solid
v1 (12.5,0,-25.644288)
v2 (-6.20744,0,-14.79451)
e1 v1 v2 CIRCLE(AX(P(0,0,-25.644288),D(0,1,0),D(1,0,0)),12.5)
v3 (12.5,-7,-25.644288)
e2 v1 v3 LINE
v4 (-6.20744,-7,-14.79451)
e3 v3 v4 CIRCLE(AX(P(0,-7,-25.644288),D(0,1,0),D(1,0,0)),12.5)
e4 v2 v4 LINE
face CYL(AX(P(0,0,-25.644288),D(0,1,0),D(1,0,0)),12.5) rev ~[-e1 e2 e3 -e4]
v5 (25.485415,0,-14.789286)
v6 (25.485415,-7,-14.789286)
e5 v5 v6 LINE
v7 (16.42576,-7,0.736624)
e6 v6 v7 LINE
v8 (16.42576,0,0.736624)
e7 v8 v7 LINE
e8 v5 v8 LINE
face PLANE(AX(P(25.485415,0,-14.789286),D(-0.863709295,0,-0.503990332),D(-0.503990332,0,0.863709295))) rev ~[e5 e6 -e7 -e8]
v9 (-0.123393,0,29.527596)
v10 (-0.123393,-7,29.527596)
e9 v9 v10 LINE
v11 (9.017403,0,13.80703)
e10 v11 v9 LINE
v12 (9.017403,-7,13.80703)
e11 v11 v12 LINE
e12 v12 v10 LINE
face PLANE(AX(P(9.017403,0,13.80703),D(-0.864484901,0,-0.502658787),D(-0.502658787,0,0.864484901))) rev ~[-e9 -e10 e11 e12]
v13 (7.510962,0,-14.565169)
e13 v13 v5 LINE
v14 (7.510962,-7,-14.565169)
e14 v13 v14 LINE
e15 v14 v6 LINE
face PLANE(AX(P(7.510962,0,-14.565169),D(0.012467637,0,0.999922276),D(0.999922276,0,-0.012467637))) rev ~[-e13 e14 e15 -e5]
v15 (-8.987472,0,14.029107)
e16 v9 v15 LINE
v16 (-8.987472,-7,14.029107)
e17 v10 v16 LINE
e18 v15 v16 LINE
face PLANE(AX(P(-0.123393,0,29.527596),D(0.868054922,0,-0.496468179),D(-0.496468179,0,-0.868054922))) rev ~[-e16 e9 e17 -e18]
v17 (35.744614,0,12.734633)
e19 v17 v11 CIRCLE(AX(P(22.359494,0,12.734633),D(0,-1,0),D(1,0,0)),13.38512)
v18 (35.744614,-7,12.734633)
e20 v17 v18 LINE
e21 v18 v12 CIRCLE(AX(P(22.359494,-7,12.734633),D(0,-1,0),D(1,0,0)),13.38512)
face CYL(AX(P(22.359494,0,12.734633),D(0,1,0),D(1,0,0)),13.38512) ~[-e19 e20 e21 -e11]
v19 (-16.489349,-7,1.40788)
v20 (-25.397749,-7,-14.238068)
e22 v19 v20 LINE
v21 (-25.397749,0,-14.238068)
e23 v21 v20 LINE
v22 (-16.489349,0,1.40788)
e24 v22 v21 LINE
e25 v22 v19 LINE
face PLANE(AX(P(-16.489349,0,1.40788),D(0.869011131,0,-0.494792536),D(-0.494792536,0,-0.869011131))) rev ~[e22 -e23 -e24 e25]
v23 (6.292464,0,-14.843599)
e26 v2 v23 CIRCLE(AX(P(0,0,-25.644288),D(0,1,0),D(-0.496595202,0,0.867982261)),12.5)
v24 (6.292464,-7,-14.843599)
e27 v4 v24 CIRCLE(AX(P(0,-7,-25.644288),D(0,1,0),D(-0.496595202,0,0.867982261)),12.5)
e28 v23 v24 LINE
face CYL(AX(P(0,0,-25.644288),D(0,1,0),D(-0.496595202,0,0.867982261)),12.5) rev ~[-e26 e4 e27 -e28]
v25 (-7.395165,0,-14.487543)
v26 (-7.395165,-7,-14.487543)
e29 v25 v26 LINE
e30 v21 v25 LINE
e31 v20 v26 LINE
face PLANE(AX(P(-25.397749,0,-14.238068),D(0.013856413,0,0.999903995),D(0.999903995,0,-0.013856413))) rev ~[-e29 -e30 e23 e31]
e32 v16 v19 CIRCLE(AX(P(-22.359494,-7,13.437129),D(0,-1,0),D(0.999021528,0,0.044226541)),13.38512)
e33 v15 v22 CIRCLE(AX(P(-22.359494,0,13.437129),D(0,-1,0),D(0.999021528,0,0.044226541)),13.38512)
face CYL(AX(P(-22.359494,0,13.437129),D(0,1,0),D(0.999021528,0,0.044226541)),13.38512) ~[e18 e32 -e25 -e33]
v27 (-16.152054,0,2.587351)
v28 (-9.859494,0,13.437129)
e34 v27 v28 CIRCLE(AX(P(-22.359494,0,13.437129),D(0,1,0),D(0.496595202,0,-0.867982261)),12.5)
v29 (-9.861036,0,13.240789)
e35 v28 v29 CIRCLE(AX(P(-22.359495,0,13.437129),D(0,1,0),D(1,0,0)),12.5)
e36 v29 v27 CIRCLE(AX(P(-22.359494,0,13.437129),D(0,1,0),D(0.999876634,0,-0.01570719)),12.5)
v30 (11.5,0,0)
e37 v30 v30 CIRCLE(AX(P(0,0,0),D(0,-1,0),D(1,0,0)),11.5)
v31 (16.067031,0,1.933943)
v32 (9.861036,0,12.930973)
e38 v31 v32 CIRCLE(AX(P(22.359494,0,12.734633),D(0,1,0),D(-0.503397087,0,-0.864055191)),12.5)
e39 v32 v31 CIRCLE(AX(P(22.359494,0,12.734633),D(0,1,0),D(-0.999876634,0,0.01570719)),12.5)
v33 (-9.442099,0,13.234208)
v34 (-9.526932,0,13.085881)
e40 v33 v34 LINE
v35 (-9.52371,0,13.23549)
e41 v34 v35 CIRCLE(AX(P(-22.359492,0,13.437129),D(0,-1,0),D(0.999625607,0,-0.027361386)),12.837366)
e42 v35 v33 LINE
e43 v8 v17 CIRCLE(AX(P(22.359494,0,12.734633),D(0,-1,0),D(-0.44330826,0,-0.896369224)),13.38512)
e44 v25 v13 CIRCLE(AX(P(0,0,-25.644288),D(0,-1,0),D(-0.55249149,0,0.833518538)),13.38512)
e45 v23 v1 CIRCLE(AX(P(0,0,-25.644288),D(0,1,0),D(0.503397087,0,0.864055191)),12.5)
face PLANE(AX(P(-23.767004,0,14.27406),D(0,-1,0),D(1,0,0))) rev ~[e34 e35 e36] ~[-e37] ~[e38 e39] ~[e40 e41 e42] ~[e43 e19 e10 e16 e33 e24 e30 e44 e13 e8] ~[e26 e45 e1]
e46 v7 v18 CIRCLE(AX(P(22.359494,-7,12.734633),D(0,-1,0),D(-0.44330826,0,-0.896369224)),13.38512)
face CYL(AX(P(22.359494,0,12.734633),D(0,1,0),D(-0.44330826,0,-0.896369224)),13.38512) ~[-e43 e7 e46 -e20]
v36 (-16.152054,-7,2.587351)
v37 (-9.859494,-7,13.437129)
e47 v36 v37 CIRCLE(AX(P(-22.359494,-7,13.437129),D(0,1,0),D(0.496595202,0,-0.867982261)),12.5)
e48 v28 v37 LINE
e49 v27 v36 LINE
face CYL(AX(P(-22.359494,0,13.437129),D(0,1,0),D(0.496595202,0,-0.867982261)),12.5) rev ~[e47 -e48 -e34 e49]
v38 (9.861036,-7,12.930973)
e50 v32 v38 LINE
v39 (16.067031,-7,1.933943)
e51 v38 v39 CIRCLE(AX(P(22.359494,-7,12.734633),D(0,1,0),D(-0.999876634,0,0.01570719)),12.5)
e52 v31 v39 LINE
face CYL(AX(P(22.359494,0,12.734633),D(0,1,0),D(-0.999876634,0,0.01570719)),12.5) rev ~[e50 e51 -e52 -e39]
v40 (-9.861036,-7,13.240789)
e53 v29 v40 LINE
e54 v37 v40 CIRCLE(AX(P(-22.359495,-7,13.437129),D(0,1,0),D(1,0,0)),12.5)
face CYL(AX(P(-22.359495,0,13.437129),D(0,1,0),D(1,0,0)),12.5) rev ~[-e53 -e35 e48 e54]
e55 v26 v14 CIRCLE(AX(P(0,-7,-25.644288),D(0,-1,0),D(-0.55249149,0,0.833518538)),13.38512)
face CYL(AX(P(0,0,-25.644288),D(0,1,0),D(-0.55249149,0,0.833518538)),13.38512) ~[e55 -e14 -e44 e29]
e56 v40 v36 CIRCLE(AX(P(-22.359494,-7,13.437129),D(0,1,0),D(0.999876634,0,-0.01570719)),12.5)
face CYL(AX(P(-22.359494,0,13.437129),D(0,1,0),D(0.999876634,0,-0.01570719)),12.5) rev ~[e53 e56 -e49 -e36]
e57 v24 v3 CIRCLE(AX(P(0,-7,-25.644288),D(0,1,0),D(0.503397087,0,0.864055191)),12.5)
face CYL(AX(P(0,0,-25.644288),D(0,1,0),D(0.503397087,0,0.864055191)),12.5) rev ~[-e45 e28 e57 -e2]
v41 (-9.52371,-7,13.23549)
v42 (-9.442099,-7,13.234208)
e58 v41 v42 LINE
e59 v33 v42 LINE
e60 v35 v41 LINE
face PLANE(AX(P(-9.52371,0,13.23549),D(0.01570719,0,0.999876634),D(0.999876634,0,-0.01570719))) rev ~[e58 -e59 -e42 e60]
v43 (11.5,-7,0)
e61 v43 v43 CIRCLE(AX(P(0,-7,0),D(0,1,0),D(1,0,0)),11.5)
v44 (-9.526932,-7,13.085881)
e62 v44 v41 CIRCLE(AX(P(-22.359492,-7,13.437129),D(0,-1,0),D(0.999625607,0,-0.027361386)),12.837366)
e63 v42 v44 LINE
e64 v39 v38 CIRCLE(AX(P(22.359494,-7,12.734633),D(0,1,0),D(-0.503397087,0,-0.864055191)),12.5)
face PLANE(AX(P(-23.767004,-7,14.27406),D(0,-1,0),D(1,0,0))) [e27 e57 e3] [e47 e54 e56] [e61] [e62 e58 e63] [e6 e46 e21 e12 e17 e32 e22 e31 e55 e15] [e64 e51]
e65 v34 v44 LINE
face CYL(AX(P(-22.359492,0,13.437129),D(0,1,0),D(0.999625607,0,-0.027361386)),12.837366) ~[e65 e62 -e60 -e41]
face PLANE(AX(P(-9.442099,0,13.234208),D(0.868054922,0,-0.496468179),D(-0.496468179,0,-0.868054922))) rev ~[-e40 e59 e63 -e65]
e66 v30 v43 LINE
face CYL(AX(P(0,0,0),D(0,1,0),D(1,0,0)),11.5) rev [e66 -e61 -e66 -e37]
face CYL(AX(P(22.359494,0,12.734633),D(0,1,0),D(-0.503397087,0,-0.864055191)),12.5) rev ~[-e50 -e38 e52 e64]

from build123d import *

# Parameters (mm, degrees)
F2_DEPTH = 7
F0_R     = 11.5
F3_DEPTH = 26.416


with BuildPart() as f2:
    # F1 (on Front) → F2 (new body)
    with BuildSketch(Plane.XZ):
        with BuildLine():
            ThreePointArc((-9.8594943471, 13.4371291696), (-9.8598798703, 13.3389562022), (-9.8610364161, 13.2407892906))
            Line((-9.8610364161, 13.2407892906), (-9.5237098666, 13.2354901845))
            Line((-9.5237098666, 13.2354901845), (-9.4420993874, 13.234208155))
            Line((-9.4420993874, 13.234208155), (-8.9874716534, 14.0291067183))
            ThreePointArc((-8.9874716534, 14.0291067183), (-33.8655402549, 20.2761595034), (-16.4893494105, 1.4078803666))
            Line((-16.4893494105, 1.4078803666), (-15.9845189072, 2.2945213217))
            Line((-15.9845189072, 2.2945213217), (-16.1520543214, 2.5873509079))
            ThreePointArc((-16.1520543214, 2.5873509079), (-33.1725189083, 19.7083730525), (-9.8594943471, 13.4371291696))
        make_face()
        with BuildLine():
            Line((-15.7125081445, 1.8190827434), (-15.9845189072, 2.2945213217))
            Line((-15.9845189072, 2.2945213217), (-16.4893494105, 1.4078803666))
            ThreePointArc((-16.4893494105, 1.4078803666), (-16.0975525686, 1.6071032397), (-15.7125081445, 1.8190827434))
        make_face()
        with BuildLine():
            Line((-8.9874716534, 14.0291067183), (-9.4420993874, 13.234208155))
            Line((-9.4420993874, 13.234208155), (-8.9760259484, 13.2268865476))
            ThreePointArc((-8.9760259484, 13.2268865476), (-8.974787508, 13.3320046163), (-8.9743746861, 13.4371291696))
            ThreePointArc((-8.9743746861, 13.4371291696), (-8.9776493285, 13.7331903747), (-8.9874716534, 14.0291067183))
        make_face()
        with BuildLine():
            Line((-6.6469862026, -14.026241978), (-15.7125081445, 1.8190827434))
            ThreePointArc((-15.7125081445, 1.8190827434), (-16.0975525686, 1.6071032397), (-16.4893494105, 1.4078803666))
            Line((-16.4893494105, 1.4078803666), (-25.3977489889, -14.2380678461))
            Line((-25.3977489889, -14.2380678461), (-7.3951647118, -14.4875430354))
            ThreePointArc((-7.3951647118, -14.4875430354), (-7.0248630052, -14.2507495292), (-6.6469862026, -14.026241978))
        make_face()
        with BuildLine():
            ThreePointArc((-8.9743746861, 13.4371291696), (-8.974787508, 13.3320046163), (-8.9760259484, 13.2268865476))
            Line((-8.9760259484, 13.2268865476), (8.9760259484, 12.9448754613))
            ThreePointArc((8.9760259484, 12.9448754613), (8.989763273, 13.3762864413), (9.0174033464, 13.8070301865))
            Line((9.0174033464, 13.8070301865), (-0.1233932709, 29.5275962356))
            Line((-0.1233932709, 29.5275962356), (-8.9874716534, 14.0291067183))
            ThreePointArc((-8.9874716534, 14.0291067183), (-8.9776493285, 13.7331903747), (-8.9743746861, 13.4371291696))
        make_face()
        with BuildLine():
            Line((-6.3749754398, -14.5016805563), (-6.6469862026, -14.026241978))
            ThreePointArc((-6.6469862026, -14.026241978), (-7.0248630052, -14.2507495292), (-7.3951647118, -14.4875430354))
            Line((-7.3951647118, -14.4875430354), (-6.3749754398, -14.5016805563))
        make_face()
        with BuildLine():
            ThreePointArc((9.0174033464, 13.8070301865), (8.989763273, 13.3762864413), (8.9760259484, 12.9448754613))
            Line((8.9760259484, 12.9448754613), (9.5237098666, 12.9362718244))
            Line((9.5237098666, 12.9362718244), (9.0174033464, 13.8070301865))
        make_face()
        with BuildLine():
            Line((-6.2074400257, -14.7945101426), (-6.3749754398, -14.5016805563))
            Line((-6.3749754398, -14.5016805563), (-7.3951647118, -14.4875430354))
            ThreePointArc((-7.3951647118, -14.4875430354), (-6.3315189236, -37.4372225794), (13.385119661, -25.6442884042))
            ThreePointArc((13.385119661, -25.6442884042), (11.825746284, -19.3742682156), (7.5109617661, -14.5651692295))
            Line((7.5109617661, -14.5651692295), (6.4622937408, -14.5520938009))
            Line((6.4622937408, -14.5520938009), (6.2924635872, -14.8435985187))
            ThreePointArc((6.2924635872, -14.8435985187), (10.8375687965, -19.415556384), (12.5, -25.6442884042))
            ThreePointArc((12.5, -25.6442884042), (-6.2712438829, -36.4573129654), (-6.2074400257, -14.7945101426))
        make_face()
        with BuildLine():
            ThreePointArc((7.5109617661, -14.5651692295), (7.1286450726, -14.3153940288), (6.7380302462, -14.0788062811))
            Line((6.7380302462, -14.0788062811), (6.4622937408, -14.5520938009))
            Line((6.4622937408, -14.5520938009), (7.5109617661, -14.5651692295))
        make_face()
        with BuildLine():
            Line((15.6214641009, 1.1691507162), (6.7380302462, -14.0788062811))
            ThreePointArc((6.7380302462, -14.0788062811), (7.1286450726, -14.3153940288), (7.5109617661, -14.5651692295))
            Line((7.5109617661, -14.5651692295), (25.4854150726, -14.7892856087))
            Line((25.4854150726, -14.7892856087), (16.4257602341, 0.7366235122))
            ThreePointArc((16.4257602341, 0.7366235122), (16.0199223632, 0.9460258224), (15.6214641009, 1.1691507162))
        make_face()
        with BuildLine():
            Line((9.0174033464, 13.8070301865), (9.5237098666, 12.9362718244))
            Line((9.5237098666, 12.9362718244), (9.8610364161, 12.9309727184))
            ThreePointArc((9.8610364161, 12.9309727184), (22.4576673144, 25.2342473162), (34.8594943471, 12.7346328394))
            ThreePointArc((34.8594943471, 12.7346328394), (28.5882263673, 1.8970640428), (16.0670307599, 1.9339429538))
            Line((16.0670307599, 1.9339429538), (15.8972006063, 1.642438236))
            Line((15.8972006063, 1.642438236), (16.4257602341, 0.7366235122))
            ThreePointArc((16.4257602341, 0.7366235122), (29.4212819112, 1.363943118), (35.7446140081, 12.7346328394))
            ThreePointArc((35.7446140081, 12.7346328394), (22.8961244654, 26.1089910092), (9.0174033464, 13.8070301865))
        make_face()
        with BuildLine():
            Line((15.8972006063, 1.642438236), (15.6214641009, 1.1691507162))
            ThreePointArc((15.6214641009, 1.1691507162), (16.0199223632, 0.9460258224), (16.4257602341, 0.7366235122))
            Line((16.4257602341, 0.7366235122), (15.8972006063, 1.642438236))
        make_face()
        with BuildLine():
            Line((-9.5237098666, 13.2354901845), (-9.8610364161, 13.2407892906))
            ThreePointArc((-9.8610364161, 13.2407892906), (-11.5960566093, 7.0811549669), (-16.1520543214, 2.5873509079))
            Line((-16.1520543214, 2.5873509079), (-15.9845189072, 2.2945213217))
            Line((-15.9845189072, 2.2945213217), (-15.7125081445, 1.8190827434))
            ThreePointArc((-15.7125081445, 1.8190827434), (-10.8339021804, 6.6310911483), (-8.9760259484, 13.2268865476))
            Line((-8.9760259484, 13.2268865476), (-9.4420993874, 13.234208155))
            Line((-9.4420993874, 13.234208155), (-9.5269323957, 13.0858810045))
            ThreePointArc((-9.5269323957, 13.0858810045), (-9.5251031319, 13.1606808989), (-9.5237098666, 13.2354901845))
        make_face()
        with BuildLine():
            ThreePointArc((6.7380302462, -14.0788062811), (0.0525643031, -12.2592719555), (-6.6469862026, -14.026241978))
            Line((-6.6469862026, -14.026241978), (-6.3749754398, -14.5016805563))
            Line((-6.3749754398, -14.5016805563), (-6.2074400257, -14.7945101426))
            ThreePointArc((-6.2074400257, -14.7945101426), (0.0490883761, -13.1443847914), (6.2924635872, -14.8435985187))
            Line((6.2924635872, -14.8435985187), (6.4622937408, -14.5520938009))
            Line((6.4622937408, -14.5520938009), (6.7380302462, -14.0788062811))
        make_face()
        with BuildLine():
            ThreePointArc((-8.9760259484, 13.2268865476), (-10.8339021804, 6.6310911483), (-15.7125081445, 1.8190827434))
            Line((-15.7125081445, 1.8190827434), (-6.6469862026, -14.026241978))
            ThreePointArc((-6.6469862026, -14.026241978), (0.0525643031, -12.2592719555), (6.7380302462, -14.0788062811))
            Line((6.7380302462, -14.0788062811), (15.6214641009, 1.1691507162))
            ThreePointArc((15.6214641009, 1.1691507162), (10.7024964382, 6.15619624), (8.9760259484, 12.9448754613))
            Line((8.9760259484, 12.9448754613), (-8.9760259484, 13.2268865476))
        make_face()
        with BuildLine():
            Line((9.5237098666, 12.9362718244), (8.9760259484, 12.9448754613))
            ThreePointArc((8.9760259484, 12.9448754613), (10.7024964382, 6.15619624), (15.6214641009, 1.1691507162))
            Line((15.6214641009, 1.1691507162), (15.8972006063, 1.642438236))
            Line((15.8972006063, 1.642438236), (16.0670307599, 1.9339429538))
            ThreePointArc((16.0670307599, 1.9339429538), (11.4733403529, 6.5912094278), (9.8610364161, 12.9309727184))
            Line((9.8610364161, 12.9309727184), (9.5237098666, 12.9362718244))
        make_face()
    extrude(amount=F2_DEPTH)

    # F0 (on Front) → F3 (cut)
    with BuildSketch(Plane.XZ):
        Circle(F0_R)
    extrude(amount=F3_DEPTH, mode=Mode.SUBTRACT)


solid = f2.part
